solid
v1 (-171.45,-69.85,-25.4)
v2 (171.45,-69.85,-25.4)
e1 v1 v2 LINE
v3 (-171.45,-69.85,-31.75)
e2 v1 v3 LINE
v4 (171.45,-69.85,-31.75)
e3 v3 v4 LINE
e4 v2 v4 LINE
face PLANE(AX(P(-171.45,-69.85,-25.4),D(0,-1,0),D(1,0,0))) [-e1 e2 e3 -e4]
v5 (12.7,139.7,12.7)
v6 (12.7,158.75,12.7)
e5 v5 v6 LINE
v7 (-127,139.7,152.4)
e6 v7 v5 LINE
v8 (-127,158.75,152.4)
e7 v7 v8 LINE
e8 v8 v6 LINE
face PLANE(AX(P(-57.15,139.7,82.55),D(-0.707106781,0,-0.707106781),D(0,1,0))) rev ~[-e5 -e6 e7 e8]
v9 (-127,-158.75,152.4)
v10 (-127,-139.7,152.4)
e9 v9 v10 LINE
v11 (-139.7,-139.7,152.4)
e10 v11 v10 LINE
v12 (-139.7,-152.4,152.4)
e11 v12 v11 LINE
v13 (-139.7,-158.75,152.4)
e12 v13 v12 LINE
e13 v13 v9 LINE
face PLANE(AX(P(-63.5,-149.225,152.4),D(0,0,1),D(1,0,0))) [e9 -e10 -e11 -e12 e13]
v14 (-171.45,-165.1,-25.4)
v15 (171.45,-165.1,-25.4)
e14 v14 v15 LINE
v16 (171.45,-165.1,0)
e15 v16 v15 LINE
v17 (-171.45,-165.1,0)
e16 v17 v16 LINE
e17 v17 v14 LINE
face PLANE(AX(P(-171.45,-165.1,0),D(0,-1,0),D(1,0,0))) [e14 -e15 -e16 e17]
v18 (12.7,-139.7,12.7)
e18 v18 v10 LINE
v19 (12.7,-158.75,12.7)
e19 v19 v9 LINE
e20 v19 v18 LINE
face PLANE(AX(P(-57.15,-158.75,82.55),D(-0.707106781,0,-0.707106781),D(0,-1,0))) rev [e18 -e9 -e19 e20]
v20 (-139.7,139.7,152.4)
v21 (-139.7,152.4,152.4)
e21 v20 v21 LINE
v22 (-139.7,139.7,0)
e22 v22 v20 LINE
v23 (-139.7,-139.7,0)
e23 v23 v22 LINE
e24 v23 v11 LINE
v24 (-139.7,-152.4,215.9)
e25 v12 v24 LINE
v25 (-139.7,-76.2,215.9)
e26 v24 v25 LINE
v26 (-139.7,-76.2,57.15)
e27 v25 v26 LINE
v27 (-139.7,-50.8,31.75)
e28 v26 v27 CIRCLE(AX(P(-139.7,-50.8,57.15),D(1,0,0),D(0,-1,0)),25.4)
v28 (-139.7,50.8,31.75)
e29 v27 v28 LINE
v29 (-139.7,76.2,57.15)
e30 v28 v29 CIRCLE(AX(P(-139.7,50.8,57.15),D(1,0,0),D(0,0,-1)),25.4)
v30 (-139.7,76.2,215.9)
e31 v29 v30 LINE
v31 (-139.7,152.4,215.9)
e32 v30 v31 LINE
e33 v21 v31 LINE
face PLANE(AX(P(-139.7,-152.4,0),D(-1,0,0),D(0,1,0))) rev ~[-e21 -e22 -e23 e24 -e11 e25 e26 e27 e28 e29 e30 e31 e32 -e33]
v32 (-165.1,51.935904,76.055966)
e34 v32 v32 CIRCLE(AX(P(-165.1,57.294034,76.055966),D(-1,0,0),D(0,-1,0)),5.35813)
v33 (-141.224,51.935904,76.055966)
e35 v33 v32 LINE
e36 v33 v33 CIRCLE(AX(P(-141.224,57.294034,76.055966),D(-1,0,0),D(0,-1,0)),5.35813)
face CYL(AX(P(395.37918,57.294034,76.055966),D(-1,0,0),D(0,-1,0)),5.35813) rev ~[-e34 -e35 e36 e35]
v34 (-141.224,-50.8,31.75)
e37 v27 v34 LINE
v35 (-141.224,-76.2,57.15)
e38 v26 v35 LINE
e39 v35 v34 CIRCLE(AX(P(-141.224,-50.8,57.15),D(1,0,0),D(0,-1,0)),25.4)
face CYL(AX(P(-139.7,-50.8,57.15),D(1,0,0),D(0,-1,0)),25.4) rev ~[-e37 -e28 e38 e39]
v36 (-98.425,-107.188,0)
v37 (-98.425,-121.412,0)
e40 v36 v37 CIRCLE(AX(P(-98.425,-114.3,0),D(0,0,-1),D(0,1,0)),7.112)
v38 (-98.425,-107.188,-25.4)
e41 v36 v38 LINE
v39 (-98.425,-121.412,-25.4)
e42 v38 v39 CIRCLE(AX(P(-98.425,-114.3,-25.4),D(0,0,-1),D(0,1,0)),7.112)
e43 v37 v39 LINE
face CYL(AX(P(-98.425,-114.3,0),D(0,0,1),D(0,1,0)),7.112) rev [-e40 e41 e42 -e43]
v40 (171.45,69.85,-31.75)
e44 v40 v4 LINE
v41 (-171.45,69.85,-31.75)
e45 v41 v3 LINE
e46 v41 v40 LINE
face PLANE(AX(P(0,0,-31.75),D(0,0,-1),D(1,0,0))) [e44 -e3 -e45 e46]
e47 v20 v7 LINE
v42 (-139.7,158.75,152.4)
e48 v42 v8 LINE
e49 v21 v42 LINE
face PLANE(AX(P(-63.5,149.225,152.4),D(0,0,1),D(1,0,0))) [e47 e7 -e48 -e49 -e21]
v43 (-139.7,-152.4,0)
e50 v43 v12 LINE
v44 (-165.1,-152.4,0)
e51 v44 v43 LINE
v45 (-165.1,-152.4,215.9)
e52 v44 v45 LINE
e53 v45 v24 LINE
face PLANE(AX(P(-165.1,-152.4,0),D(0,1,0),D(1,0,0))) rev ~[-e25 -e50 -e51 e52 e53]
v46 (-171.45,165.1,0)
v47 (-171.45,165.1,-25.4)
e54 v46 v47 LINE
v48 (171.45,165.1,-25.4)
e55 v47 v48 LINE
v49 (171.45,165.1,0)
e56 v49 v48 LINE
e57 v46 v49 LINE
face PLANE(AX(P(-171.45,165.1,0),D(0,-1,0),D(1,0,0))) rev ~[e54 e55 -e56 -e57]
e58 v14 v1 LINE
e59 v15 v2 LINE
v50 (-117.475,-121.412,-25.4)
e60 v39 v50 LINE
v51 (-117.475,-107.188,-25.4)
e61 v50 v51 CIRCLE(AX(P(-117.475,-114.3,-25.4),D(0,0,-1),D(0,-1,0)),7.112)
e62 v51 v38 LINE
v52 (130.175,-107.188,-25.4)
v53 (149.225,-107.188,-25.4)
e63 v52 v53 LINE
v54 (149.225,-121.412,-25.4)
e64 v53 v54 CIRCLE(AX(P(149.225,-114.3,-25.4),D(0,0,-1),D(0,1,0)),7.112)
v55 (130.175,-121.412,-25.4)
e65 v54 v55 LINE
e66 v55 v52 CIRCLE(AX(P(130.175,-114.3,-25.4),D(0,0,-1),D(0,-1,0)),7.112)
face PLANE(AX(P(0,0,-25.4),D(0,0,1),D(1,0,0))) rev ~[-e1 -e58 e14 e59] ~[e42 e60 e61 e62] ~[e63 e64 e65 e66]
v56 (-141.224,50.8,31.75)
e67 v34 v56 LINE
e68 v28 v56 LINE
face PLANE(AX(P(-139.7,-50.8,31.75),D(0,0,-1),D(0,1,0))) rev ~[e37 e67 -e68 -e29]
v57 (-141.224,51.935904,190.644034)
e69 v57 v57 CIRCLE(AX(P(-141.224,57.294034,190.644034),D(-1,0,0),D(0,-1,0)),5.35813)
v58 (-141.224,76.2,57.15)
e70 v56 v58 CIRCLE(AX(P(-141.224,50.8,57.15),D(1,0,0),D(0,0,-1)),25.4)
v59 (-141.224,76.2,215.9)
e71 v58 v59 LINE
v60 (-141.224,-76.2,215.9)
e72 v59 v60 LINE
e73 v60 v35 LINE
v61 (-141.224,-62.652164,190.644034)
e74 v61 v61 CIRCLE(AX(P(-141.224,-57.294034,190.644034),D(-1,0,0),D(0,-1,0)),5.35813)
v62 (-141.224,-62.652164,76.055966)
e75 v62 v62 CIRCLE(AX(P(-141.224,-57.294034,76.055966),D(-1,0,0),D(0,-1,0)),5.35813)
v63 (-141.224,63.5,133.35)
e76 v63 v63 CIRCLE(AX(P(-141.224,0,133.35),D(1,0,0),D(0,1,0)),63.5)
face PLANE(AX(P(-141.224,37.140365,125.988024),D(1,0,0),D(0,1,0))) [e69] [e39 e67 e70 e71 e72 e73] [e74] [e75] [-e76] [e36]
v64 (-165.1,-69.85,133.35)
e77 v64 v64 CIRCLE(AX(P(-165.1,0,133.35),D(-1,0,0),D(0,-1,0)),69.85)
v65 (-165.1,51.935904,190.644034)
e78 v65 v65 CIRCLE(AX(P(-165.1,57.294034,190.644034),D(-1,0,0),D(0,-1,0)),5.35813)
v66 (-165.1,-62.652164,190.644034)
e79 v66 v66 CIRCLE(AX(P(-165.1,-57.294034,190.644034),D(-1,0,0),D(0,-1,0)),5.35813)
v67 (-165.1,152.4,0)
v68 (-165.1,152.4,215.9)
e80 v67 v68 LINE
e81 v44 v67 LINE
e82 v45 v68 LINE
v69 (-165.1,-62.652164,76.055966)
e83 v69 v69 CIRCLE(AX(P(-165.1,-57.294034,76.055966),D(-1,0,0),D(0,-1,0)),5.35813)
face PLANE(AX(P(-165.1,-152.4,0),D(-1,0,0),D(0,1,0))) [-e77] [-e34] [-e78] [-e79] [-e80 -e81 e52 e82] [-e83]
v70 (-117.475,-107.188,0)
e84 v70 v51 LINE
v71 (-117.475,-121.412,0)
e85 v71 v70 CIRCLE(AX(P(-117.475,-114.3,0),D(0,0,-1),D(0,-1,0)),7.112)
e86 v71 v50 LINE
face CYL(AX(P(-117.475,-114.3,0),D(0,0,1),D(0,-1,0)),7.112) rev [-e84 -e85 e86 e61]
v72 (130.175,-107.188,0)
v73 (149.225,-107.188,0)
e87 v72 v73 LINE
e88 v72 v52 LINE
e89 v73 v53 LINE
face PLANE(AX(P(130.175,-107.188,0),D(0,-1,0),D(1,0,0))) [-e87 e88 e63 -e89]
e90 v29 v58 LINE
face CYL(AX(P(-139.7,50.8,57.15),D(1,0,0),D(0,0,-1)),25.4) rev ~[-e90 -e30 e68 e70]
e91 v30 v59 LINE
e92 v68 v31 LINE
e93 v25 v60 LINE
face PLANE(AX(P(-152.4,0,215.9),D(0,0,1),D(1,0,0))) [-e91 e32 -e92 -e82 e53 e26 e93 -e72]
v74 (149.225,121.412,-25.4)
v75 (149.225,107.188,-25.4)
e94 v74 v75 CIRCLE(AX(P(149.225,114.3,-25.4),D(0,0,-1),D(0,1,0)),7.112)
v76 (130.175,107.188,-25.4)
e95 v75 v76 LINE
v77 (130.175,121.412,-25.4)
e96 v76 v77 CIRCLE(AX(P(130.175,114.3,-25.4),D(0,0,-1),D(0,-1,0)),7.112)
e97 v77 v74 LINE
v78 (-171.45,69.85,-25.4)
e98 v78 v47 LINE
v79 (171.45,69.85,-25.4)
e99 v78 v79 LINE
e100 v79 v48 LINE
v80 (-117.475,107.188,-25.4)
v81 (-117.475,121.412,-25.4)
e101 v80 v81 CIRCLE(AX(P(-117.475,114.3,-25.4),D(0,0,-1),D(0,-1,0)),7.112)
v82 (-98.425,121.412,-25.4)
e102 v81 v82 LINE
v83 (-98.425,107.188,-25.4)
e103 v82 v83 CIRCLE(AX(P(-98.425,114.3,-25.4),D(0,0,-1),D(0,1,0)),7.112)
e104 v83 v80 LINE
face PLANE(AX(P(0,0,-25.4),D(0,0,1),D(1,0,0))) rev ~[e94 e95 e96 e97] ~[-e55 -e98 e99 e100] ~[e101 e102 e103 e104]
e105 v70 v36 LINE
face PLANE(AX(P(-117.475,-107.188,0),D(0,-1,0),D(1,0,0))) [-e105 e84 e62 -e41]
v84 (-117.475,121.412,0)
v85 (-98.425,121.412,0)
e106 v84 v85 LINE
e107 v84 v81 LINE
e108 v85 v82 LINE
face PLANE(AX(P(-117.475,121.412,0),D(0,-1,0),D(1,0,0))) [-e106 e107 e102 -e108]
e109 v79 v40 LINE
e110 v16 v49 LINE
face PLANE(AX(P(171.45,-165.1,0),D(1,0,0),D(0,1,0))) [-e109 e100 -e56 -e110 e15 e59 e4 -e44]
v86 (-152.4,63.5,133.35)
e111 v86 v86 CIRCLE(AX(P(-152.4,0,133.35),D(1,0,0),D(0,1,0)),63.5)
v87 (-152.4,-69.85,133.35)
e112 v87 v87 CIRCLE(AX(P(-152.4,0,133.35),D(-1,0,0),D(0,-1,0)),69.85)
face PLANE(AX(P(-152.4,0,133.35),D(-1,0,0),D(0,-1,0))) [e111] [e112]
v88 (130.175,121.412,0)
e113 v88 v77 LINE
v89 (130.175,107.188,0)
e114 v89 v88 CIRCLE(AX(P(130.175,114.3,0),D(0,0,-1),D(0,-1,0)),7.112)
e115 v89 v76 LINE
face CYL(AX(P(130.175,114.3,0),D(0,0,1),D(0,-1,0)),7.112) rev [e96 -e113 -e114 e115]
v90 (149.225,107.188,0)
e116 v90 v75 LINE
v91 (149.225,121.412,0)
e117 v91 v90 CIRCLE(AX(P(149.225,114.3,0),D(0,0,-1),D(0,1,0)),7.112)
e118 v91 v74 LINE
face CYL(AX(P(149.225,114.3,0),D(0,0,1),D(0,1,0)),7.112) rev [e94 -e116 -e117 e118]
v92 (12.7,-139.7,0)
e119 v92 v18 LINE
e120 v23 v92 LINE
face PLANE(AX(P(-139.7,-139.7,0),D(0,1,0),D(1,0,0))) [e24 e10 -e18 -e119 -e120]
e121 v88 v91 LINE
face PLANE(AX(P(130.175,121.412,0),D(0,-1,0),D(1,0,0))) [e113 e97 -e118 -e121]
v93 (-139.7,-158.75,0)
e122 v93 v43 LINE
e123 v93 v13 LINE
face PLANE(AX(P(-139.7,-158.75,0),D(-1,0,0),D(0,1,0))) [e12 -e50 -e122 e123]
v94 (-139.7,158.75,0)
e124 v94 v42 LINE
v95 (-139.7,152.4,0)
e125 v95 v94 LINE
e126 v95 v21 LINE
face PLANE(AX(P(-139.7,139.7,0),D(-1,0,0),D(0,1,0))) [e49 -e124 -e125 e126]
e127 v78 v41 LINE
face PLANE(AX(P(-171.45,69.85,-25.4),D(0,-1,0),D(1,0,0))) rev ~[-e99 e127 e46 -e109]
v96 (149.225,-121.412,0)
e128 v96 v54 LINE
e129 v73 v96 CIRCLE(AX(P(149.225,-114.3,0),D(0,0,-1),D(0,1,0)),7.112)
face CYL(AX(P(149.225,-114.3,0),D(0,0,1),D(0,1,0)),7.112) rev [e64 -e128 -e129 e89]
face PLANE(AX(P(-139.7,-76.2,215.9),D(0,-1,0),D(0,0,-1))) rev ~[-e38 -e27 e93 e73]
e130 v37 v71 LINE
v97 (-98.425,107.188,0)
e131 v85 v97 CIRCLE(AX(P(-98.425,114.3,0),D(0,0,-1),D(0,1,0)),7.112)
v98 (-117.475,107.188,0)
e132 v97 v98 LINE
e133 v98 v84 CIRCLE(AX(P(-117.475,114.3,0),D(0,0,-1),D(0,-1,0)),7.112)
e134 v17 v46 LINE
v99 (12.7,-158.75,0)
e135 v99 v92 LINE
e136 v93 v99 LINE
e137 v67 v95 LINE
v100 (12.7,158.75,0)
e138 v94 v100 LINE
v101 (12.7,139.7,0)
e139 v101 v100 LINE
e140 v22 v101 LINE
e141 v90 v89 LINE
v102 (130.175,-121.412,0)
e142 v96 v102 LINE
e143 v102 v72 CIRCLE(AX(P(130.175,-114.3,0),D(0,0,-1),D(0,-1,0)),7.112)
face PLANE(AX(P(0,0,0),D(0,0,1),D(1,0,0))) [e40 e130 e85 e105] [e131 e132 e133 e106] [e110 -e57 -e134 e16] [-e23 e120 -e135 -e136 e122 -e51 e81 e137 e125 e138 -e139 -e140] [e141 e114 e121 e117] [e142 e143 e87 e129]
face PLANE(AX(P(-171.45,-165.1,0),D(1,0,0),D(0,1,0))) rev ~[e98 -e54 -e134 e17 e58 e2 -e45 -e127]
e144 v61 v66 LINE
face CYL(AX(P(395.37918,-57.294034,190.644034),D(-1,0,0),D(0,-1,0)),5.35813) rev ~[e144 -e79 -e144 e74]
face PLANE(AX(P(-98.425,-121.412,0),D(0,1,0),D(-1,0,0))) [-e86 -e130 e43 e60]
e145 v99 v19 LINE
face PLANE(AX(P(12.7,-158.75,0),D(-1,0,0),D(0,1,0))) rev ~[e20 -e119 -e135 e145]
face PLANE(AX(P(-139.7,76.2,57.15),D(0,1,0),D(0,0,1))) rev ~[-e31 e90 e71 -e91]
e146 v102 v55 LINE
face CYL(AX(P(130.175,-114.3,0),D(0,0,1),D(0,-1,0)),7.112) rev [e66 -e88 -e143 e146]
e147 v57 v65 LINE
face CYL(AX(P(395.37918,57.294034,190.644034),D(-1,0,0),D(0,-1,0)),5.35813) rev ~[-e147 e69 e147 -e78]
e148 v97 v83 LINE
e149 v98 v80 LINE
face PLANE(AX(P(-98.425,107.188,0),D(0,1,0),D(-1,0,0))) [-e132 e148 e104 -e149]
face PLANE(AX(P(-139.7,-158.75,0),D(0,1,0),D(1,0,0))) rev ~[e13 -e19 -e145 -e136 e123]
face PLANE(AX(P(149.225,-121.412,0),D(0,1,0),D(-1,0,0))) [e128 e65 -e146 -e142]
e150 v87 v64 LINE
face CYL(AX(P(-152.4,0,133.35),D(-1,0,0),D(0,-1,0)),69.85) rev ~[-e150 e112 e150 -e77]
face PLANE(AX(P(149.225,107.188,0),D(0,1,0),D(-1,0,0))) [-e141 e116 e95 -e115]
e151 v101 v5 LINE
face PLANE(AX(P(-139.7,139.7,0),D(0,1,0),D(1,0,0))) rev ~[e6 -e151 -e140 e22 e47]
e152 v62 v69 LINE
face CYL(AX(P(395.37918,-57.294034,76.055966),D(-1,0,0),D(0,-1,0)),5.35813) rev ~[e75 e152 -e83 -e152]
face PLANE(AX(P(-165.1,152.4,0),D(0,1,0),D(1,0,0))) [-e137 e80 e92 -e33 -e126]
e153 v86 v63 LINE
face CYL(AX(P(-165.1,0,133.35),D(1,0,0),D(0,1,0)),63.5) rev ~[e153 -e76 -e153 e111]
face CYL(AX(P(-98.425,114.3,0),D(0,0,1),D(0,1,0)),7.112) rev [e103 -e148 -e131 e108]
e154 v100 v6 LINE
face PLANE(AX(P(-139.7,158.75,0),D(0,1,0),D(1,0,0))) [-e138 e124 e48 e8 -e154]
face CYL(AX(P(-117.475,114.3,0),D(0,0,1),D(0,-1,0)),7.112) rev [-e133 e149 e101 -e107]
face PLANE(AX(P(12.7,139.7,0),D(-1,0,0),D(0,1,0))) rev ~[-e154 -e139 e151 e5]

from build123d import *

# Parameters (mm, degrees)
F0_W           = 342.9
F0_H           = 330.2
F1_DEPTH       = 25.4
F2_W           = 342.9
F2_H           = 139.7
F3_DEPTH       = 6.35
F4_W           = 25.4
F4_H           = 304.8
F5_DEPTH       = 215.9
F7_D           = 127
F7_CBORE_D     = 139.7
F7_CBORE_DEPTH = 12.7
F9_DEPTH       = 1.524
F11_D          = 10.71626
F12_W          = 152.4
F12_H          = 19.05
F13_DEPTH      = 152.4
F14_SIZE       = 139.7


with BuildPart() as f1:
    # F0 (on Top) → F1 (new body)
    with BuildSketch(Plane.XY):
        Rectangle(F0_W, F0_H)
        with BuildLine():
            Line((-98.425, -121.412), (-117.475, -121.412))
            ThreePointArc((-117.475, -121.412), (-124.587, -114.3), (-117.475, -107.188))
            Line((-117.475, -107.188), (-98.425, -107.188))
            ThreePointArc((-98.425, -107.188), (-91.313, -114.3), (-98.425, -121.412))
        make_face(mode=Mode.SUBTRACT)
        with BuildLine():
            Line((149.225, -121.412), (130.175, -121.412))
            ThreePointArc((130.175, -121.412), (123.063, -114.3), (130.175, -107.188))
            Line((130.175, -107.188), (149.225, -107.188))
            ThreePointArc((149.225, -107.188), (156.337, -114.3), (149.225, -121.412))
        make_face(mode=Mode.SUBTRACT)
        with BuildLine():
            Line((-98.425, 107.188), (-117.475, 107.188))
            ThreePointArc((-117.475, 107.188), (-124.587, 114.3), (-117.475, 121.412))
            Line((-117.475, 121.412), (-98.425, 121.412))
            ThreePointArc((-98.425, 121.412), (-91.313, 114.3), (-98.425, 107.188))
        make_face(mode=Mode.SUBTRACT)
        with BuildLine():
            Line((149.225, 107.188), (130.175, 107.188))
            ThreePointArc((130.175, 107.188), (123.063, 114.3), (130.175, 121.412))
            Line((130.175, 121.412), (149.225, 121.412))
            ThreePointArc((149.225, 121.412), (156.337, 114.3), (149.225, 107.188))
        make_face(mode=Mode.SUBTRACT)
    extrude(amount=-F1_DEPTH)

    # F2 (on face) → F3 (join)
    with BuildSketch(Plane(origin=(0, 0, -25.4), x_dir=(1, 0, 0), z_dir=(0, 0, -1))):
        Rectangle(F2_W, F2_H)
    extrude(amount=F3_DEPTH)

    # F4 (on face) → F5 (join)
    with BuildSketch(Plane.XY):
        with Locations((-152.4, 0)):
            Rectangle(F4_W, F4_H)
    extrude(amount=F5_DEPTH)

    # F7 (through all)
    with Locations(Plane(origin=(-165.1, 0, 0), x_dir=(0, -1, 0), z_dir=(-1, 0, 0))):
        with Locations((0, 133.35)):
            CounterBoreHole(F7_D / 2, F7_CBORE_D / 2, F7_CBORE_DEPTH)

    # F8 (on face) → F9 (cut)
    with BuildSketch(Plane.YZ.offset(-139.7)):
        with BuildLine():
            Line((0, 31.75), (50.8, 31.75))
            ThreePointArc((50.8, 31.75), (68.7605122421, 39.1894877579), (76.2, 57.15))
            Line((76.2, 57.15), (76.2, 215.9))
            Line((76.2, 215.9), (0, 215.9))
            Line((0, 215.9), (0, 31.75))
        make_face()
        with BuildLine():
            Line((-50.8, 31.75), (0, 31.75))
            Line((0, 31.75), (0, 215.9))
            Line((0, 215.9), (-76.2, 215.9))
            Line((-76.2, 215.9), (-76.2, 57.15))
            ThreePointArc((-76.2, 57.15), (-68.7605122421, 39.1894877579), (-50.8, 31.75))
        make_face()
    extrude(amount=-F9_DEPTH, mode=Mode.SUBTRACT)

    # F11 (through all)
    with Locations(Plane.YZ.offset(-141.224)):
        with Locations((57.2940340524, 190.6440340524), (57.2940340524, 76.0559659476), (-57.2940340524, 76.0559659476), (-57.2940340524, 190.6440340524)):
            Hole(F11_D / 2)

    # F12 (on face) → F13 (join)
    with BuildSketch(Plane.XY):
        with Locations((-63.5, 149.225)):
            Rectangle(F12_W, F12_H)
        with Locations((-63.5, -149.225)):
            Rectangle(F12_W, F12_H)
    extrude(amount=F13_DEPTH)

    # F14
    f14_edges = [f1.edges().sort_by_distance(p)[0] for p in [
        (12.7, 149.225, 152.4),
        (12.7, -149.225, 152.4),
    ]]
    chamfer(f14_edges, length=F14_SIZE)


solid = f1.part
